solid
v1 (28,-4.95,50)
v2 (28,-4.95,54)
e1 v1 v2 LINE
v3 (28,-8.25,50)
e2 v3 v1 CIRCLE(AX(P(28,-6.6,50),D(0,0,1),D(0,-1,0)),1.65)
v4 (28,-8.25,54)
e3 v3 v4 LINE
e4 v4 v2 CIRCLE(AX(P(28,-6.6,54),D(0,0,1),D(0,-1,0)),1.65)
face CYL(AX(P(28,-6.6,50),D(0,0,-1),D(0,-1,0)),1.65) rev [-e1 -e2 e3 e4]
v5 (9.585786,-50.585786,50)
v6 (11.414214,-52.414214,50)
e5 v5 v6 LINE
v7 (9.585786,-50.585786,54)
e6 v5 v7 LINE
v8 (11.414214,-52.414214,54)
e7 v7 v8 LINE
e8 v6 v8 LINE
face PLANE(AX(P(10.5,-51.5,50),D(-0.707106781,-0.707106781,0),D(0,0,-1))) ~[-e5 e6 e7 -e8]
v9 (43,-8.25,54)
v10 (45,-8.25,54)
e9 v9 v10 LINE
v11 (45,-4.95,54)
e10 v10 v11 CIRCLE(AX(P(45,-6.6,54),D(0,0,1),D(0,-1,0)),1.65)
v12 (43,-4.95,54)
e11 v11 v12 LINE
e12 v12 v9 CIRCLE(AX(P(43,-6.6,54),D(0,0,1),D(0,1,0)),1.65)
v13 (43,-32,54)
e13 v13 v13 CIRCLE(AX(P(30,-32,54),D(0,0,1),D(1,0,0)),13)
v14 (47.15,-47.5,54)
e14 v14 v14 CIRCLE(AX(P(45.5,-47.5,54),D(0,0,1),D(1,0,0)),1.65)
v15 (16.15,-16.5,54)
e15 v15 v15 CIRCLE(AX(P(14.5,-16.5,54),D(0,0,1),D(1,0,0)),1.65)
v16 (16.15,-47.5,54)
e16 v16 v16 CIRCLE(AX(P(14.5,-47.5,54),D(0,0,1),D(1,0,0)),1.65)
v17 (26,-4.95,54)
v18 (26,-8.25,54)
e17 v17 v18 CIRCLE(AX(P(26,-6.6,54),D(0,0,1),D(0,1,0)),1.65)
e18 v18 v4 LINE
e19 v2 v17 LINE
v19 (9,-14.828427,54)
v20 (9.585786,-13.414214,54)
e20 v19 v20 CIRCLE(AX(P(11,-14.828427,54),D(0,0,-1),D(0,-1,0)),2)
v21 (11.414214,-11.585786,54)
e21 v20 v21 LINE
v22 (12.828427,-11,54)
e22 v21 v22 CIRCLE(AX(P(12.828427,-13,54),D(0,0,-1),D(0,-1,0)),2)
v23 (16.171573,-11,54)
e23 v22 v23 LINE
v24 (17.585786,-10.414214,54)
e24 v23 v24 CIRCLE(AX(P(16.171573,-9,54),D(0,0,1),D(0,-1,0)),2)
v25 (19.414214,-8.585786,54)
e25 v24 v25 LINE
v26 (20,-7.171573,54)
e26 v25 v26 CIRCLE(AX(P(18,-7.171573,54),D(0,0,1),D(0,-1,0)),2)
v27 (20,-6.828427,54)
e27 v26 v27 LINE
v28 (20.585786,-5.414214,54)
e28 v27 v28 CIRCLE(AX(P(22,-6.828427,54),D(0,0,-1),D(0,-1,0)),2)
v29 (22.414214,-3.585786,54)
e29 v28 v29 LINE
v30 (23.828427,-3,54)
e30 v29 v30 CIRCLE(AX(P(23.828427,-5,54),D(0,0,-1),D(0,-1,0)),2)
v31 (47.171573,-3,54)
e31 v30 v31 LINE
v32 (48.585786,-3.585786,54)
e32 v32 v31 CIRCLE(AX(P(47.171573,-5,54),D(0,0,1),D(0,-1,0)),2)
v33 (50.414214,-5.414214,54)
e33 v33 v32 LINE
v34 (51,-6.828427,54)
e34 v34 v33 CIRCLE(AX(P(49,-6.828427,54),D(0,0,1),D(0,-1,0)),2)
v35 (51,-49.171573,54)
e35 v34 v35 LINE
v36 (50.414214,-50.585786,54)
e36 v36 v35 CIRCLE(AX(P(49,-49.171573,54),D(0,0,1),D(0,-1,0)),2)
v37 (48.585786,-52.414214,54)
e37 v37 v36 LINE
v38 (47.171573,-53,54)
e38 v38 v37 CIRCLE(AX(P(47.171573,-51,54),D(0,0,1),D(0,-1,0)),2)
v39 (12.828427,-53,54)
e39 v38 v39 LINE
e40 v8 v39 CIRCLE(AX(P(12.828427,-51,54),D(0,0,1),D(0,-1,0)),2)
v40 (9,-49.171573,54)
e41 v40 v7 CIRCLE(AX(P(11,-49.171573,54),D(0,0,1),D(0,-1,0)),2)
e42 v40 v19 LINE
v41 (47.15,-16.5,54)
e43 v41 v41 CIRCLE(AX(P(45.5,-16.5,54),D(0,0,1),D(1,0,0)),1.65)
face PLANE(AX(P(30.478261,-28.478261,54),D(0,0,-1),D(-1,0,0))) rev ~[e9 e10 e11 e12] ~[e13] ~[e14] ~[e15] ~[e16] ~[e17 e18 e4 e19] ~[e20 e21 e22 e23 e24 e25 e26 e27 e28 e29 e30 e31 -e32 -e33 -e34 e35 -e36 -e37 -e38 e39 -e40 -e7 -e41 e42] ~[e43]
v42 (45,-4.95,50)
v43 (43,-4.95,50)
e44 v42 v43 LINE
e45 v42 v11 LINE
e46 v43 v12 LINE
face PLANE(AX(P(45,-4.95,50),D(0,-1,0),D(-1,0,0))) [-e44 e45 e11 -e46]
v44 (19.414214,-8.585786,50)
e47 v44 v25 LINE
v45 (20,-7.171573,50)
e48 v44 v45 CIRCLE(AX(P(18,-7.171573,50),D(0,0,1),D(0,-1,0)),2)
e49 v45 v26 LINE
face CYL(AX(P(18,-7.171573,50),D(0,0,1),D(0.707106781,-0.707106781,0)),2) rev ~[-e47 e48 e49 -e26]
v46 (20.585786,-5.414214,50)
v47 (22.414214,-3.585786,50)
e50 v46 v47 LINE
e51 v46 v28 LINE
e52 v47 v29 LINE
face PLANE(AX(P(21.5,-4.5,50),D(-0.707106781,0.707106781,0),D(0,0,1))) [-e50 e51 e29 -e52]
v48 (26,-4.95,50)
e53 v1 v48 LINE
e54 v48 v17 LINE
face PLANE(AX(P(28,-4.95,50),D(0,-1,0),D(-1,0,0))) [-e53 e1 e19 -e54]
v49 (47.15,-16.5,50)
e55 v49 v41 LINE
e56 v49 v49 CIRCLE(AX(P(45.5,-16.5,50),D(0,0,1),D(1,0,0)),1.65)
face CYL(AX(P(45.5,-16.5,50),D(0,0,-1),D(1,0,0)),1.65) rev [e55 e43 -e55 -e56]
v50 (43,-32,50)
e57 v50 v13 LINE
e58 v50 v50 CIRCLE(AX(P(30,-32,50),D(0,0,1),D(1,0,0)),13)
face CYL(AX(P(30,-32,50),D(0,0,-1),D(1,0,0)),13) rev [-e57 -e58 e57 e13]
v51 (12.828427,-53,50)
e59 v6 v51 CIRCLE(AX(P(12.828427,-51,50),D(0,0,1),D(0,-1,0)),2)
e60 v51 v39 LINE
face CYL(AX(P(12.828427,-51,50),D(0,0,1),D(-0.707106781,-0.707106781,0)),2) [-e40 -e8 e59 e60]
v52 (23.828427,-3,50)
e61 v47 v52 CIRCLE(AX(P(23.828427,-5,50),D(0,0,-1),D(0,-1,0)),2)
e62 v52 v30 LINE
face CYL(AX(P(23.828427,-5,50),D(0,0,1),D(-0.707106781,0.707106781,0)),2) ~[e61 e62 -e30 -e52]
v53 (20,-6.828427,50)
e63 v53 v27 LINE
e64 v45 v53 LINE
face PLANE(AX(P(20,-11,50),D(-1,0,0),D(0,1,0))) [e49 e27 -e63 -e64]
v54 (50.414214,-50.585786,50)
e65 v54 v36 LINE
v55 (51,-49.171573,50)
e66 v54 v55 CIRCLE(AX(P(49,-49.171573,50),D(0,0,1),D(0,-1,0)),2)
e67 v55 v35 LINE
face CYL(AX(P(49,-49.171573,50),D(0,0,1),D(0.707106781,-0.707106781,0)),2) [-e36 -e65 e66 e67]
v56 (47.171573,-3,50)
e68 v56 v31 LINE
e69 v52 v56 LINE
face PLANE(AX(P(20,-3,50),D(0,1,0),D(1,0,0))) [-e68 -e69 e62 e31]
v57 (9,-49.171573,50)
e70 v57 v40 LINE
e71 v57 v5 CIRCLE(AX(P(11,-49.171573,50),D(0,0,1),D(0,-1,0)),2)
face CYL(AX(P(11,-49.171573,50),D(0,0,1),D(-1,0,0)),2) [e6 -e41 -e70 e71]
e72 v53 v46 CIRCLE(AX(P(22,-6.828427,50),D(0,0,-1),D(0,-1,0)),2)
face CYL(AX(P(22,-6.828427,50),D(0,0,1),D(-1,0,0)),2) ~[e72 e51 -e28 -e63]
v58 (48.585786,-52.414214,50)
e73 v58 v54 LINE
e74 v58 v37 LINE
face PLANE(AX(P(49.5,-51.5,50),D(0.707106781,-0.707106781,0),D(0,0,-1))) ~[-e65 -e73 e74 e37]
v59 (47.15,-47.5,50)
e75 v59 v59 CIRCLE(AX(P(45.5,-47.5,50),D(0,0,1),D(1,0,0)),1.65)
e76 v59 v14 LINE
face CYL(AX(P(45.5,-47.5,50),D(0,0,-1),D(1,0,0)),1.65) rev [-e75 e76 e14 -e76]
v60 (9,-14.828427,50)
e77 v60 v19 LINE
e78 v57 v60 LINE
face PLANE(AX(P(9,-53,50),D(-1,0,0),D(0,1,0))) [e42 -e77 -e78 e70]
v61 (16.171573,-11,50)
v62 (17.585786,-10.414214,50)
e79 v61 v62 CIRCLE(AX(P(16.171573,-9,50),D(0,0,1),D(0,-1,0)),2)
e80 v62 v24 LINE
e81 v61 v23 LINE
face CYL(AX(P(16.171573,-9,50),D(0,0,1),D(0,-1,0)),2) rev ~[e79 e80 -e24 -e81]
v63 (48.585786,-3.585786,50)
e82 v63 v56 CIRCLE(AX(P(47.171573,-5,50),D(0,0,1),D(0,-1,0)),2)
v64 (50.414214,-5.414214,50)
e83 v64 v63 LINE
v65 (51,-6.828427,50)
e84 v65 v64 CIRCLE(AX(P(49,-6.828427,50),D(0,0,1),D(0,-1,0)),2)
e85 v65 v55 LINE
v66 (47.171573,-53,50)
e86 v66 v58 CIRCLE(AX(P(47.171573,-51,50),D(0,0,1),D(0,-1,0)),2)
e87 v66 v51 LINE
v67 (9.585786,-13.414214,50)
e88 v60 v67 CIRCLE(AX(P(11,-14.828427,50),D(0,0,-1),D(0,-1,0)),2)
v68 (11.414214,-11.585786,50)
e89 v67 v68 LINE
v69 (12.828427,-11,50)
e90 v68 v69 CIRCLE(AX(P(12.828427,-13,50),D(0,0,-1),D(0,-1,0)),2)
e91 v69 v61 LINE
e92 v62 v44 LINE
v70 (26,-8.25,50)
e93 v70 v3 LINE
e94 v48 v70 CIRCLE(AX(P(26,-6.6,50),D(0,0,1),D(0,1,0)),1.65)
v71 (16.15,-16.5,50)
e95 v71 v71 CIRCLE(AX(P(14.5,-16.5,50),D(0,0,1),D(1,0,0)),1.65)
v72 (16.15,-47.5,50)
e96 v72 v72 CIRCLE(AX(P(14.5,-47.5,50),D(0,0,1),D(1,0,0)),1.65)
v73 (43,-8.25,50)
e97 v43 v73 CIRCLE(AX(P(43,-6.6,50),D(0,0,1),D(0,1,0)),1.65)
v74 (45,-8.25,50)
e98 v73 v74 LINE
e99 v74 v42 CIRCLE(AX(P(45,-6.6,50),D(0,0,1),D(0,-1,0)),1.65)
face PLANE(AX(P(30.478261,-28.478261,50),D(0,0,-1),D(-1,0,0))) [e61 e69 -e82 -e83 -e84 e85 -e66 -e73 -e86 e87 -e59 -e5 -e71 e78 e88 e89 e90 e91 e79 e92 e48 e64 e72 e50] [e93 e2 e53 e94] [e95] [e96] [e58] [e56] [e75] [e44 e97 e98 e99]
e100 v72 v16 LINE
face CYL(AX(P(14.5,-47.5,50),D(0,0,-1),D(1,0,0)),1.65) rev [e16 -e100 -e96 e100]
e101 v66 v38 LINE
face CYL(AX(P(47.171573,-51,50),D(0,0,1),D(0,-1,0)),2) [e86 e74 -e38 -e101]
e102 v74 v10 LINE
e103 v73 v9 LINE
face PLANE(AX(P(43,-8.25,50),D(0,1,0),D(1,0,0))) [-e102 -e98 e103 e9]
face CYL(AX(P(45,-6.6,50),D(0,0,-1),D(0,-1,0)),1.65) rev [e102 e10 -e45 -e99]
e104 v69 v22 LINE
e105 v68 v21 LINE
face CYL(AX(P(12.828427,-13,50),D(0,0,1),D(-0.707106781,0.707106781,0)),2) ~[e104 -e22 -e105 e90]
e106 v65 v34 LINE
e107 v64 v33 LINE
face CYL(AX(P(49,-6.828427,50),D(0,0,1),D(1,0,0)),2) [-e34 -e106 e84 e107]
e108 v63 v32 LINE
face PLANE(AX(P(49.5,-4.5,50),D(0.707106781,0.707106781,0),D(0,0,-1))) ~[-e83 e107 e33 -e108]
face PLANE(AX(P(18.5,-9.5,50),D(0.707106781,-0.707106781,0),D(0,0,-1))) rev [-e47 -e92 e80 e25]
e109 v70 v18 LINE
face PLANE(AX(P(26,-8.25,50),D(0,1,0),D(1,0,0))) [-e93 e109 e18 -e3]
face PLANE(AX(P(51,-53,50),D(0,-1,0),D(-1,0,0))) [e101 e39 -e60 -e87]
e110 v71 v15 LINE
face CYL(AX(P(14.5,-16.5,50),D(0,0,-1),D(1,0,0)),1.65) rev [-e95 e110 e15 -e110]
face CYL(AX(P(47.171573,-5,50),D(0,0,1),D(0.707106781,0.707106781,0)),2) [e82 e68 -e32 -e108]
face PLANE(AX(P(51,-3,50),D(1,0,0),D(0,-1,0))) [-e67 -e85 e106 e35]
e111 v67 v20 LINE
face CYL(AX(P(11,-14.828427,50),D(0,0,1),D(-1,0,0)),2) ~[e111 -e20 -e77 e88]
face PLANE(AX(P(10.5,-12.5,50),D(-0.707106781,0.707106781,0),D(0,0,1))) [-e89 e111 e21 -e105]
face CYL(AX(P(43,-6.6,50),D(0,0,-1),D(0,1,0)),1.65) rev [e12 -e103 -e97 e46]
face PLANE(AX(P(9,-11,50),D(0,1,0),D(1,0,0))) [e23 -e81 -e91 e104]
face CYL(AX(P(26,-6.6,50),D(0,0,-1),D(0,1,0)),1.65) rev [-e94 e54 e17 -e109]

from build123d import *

# Parameters (mm, degrees)
SKETCH026_R     = 13
SKETCH026_R_2   = 1.65
PAD013_DEPTH    = 4
CHAMFER009_SIZE = 3
FILLET002_R     = 2


with BuildPart() as part:
    # Sketch026 → Pad013 (new body)
    with BuildSketch(Plane.XY):
        Polygon((-21, -21), (-21, 21), (-10, 21), (-10, 29), (21, 29), (21, -21), align=None)
        Circle(SKETCH026_R, mode=Mode.SUBTRACT)
        with Locations((-15.5, 15.5)):
            Circle(SKETCH026_R_2, mode=Mode.SUBTRACT)
        with Locations((15.5, 15.5)):
            Circle(SKETCH026_R_2, mode=Mode.SUBTRACT)
        with Locations((15.5, -15.5)):
            Circle(SKETCH026_R_2, mode=Mode.SUBTRACT)
        with Locations((-15.5, -15.5)):
            Circle(SKETCH026_R_2, mode=Mode.SUBTRACT)
        with BuildLine():
            ThreePointArc((-4, 27.05), (-5.65, 25.4), (-4, 23.75))
            Line((-4, 23.75), (-2, 23.75))
            ThreePointArc((-2, 23.75), (-0.35, 25.4), (-2, 27.05))
            Line((-2, 27.05), (-4, 27.05))
        make_face(mode=Mode.SUBTRACT)
        with BuildLine():
            ThreePointArc((13, 27.05), (11.35, 25.4), (13, 23.75))
            Line((13, 23.75), (15, 23.75))
            ThreePointArc((15, 23.75), (16.65, 25.4), (15, 27.05))
            Line((15, 27.05), (13, 27.05))
        make_face(mode=Mode.SUBTRACT)
    extrude(amount=PAD013_DEPTH)

    # Chamfer009
    chamfer009_edges = [part.edges().sort_by_distance(p)[0] for p in [
        (-10, 29, 2),
        (-10, 21, 2),
        (21, 29, 2),
        (21, -21, 2),
        (-21, -21, 2),
        (-21, 21, 2),
    ]]
    chamfer(chamfer009_edges, length=CHAMFER009_SIZE)

    # Fillet002
    fillet002_edges = [part.edges().sort_by_distance(p)[0] for p in [
        (21, 26, 2),
        (18, 29, 2),
        (21, -18, 2),
        (18, -21, 2),
        (-18, -21, 2),
        (-21, -18, 2),
        (-18, 21, 2),
        (-21, 18, 2),
        (-13, 21, 2),
        (-10, 24, 2),
        (-10, 26, 2),
        (-7, 29, 2),
    ]]
    fillet(fillet002_edges, radius=FILLET002_R)


with BuildPart() as part_1:
    # Body011 placement: moved
    add(part.part.moved(Location((30, -32, 50))))


solid = part_1.part
